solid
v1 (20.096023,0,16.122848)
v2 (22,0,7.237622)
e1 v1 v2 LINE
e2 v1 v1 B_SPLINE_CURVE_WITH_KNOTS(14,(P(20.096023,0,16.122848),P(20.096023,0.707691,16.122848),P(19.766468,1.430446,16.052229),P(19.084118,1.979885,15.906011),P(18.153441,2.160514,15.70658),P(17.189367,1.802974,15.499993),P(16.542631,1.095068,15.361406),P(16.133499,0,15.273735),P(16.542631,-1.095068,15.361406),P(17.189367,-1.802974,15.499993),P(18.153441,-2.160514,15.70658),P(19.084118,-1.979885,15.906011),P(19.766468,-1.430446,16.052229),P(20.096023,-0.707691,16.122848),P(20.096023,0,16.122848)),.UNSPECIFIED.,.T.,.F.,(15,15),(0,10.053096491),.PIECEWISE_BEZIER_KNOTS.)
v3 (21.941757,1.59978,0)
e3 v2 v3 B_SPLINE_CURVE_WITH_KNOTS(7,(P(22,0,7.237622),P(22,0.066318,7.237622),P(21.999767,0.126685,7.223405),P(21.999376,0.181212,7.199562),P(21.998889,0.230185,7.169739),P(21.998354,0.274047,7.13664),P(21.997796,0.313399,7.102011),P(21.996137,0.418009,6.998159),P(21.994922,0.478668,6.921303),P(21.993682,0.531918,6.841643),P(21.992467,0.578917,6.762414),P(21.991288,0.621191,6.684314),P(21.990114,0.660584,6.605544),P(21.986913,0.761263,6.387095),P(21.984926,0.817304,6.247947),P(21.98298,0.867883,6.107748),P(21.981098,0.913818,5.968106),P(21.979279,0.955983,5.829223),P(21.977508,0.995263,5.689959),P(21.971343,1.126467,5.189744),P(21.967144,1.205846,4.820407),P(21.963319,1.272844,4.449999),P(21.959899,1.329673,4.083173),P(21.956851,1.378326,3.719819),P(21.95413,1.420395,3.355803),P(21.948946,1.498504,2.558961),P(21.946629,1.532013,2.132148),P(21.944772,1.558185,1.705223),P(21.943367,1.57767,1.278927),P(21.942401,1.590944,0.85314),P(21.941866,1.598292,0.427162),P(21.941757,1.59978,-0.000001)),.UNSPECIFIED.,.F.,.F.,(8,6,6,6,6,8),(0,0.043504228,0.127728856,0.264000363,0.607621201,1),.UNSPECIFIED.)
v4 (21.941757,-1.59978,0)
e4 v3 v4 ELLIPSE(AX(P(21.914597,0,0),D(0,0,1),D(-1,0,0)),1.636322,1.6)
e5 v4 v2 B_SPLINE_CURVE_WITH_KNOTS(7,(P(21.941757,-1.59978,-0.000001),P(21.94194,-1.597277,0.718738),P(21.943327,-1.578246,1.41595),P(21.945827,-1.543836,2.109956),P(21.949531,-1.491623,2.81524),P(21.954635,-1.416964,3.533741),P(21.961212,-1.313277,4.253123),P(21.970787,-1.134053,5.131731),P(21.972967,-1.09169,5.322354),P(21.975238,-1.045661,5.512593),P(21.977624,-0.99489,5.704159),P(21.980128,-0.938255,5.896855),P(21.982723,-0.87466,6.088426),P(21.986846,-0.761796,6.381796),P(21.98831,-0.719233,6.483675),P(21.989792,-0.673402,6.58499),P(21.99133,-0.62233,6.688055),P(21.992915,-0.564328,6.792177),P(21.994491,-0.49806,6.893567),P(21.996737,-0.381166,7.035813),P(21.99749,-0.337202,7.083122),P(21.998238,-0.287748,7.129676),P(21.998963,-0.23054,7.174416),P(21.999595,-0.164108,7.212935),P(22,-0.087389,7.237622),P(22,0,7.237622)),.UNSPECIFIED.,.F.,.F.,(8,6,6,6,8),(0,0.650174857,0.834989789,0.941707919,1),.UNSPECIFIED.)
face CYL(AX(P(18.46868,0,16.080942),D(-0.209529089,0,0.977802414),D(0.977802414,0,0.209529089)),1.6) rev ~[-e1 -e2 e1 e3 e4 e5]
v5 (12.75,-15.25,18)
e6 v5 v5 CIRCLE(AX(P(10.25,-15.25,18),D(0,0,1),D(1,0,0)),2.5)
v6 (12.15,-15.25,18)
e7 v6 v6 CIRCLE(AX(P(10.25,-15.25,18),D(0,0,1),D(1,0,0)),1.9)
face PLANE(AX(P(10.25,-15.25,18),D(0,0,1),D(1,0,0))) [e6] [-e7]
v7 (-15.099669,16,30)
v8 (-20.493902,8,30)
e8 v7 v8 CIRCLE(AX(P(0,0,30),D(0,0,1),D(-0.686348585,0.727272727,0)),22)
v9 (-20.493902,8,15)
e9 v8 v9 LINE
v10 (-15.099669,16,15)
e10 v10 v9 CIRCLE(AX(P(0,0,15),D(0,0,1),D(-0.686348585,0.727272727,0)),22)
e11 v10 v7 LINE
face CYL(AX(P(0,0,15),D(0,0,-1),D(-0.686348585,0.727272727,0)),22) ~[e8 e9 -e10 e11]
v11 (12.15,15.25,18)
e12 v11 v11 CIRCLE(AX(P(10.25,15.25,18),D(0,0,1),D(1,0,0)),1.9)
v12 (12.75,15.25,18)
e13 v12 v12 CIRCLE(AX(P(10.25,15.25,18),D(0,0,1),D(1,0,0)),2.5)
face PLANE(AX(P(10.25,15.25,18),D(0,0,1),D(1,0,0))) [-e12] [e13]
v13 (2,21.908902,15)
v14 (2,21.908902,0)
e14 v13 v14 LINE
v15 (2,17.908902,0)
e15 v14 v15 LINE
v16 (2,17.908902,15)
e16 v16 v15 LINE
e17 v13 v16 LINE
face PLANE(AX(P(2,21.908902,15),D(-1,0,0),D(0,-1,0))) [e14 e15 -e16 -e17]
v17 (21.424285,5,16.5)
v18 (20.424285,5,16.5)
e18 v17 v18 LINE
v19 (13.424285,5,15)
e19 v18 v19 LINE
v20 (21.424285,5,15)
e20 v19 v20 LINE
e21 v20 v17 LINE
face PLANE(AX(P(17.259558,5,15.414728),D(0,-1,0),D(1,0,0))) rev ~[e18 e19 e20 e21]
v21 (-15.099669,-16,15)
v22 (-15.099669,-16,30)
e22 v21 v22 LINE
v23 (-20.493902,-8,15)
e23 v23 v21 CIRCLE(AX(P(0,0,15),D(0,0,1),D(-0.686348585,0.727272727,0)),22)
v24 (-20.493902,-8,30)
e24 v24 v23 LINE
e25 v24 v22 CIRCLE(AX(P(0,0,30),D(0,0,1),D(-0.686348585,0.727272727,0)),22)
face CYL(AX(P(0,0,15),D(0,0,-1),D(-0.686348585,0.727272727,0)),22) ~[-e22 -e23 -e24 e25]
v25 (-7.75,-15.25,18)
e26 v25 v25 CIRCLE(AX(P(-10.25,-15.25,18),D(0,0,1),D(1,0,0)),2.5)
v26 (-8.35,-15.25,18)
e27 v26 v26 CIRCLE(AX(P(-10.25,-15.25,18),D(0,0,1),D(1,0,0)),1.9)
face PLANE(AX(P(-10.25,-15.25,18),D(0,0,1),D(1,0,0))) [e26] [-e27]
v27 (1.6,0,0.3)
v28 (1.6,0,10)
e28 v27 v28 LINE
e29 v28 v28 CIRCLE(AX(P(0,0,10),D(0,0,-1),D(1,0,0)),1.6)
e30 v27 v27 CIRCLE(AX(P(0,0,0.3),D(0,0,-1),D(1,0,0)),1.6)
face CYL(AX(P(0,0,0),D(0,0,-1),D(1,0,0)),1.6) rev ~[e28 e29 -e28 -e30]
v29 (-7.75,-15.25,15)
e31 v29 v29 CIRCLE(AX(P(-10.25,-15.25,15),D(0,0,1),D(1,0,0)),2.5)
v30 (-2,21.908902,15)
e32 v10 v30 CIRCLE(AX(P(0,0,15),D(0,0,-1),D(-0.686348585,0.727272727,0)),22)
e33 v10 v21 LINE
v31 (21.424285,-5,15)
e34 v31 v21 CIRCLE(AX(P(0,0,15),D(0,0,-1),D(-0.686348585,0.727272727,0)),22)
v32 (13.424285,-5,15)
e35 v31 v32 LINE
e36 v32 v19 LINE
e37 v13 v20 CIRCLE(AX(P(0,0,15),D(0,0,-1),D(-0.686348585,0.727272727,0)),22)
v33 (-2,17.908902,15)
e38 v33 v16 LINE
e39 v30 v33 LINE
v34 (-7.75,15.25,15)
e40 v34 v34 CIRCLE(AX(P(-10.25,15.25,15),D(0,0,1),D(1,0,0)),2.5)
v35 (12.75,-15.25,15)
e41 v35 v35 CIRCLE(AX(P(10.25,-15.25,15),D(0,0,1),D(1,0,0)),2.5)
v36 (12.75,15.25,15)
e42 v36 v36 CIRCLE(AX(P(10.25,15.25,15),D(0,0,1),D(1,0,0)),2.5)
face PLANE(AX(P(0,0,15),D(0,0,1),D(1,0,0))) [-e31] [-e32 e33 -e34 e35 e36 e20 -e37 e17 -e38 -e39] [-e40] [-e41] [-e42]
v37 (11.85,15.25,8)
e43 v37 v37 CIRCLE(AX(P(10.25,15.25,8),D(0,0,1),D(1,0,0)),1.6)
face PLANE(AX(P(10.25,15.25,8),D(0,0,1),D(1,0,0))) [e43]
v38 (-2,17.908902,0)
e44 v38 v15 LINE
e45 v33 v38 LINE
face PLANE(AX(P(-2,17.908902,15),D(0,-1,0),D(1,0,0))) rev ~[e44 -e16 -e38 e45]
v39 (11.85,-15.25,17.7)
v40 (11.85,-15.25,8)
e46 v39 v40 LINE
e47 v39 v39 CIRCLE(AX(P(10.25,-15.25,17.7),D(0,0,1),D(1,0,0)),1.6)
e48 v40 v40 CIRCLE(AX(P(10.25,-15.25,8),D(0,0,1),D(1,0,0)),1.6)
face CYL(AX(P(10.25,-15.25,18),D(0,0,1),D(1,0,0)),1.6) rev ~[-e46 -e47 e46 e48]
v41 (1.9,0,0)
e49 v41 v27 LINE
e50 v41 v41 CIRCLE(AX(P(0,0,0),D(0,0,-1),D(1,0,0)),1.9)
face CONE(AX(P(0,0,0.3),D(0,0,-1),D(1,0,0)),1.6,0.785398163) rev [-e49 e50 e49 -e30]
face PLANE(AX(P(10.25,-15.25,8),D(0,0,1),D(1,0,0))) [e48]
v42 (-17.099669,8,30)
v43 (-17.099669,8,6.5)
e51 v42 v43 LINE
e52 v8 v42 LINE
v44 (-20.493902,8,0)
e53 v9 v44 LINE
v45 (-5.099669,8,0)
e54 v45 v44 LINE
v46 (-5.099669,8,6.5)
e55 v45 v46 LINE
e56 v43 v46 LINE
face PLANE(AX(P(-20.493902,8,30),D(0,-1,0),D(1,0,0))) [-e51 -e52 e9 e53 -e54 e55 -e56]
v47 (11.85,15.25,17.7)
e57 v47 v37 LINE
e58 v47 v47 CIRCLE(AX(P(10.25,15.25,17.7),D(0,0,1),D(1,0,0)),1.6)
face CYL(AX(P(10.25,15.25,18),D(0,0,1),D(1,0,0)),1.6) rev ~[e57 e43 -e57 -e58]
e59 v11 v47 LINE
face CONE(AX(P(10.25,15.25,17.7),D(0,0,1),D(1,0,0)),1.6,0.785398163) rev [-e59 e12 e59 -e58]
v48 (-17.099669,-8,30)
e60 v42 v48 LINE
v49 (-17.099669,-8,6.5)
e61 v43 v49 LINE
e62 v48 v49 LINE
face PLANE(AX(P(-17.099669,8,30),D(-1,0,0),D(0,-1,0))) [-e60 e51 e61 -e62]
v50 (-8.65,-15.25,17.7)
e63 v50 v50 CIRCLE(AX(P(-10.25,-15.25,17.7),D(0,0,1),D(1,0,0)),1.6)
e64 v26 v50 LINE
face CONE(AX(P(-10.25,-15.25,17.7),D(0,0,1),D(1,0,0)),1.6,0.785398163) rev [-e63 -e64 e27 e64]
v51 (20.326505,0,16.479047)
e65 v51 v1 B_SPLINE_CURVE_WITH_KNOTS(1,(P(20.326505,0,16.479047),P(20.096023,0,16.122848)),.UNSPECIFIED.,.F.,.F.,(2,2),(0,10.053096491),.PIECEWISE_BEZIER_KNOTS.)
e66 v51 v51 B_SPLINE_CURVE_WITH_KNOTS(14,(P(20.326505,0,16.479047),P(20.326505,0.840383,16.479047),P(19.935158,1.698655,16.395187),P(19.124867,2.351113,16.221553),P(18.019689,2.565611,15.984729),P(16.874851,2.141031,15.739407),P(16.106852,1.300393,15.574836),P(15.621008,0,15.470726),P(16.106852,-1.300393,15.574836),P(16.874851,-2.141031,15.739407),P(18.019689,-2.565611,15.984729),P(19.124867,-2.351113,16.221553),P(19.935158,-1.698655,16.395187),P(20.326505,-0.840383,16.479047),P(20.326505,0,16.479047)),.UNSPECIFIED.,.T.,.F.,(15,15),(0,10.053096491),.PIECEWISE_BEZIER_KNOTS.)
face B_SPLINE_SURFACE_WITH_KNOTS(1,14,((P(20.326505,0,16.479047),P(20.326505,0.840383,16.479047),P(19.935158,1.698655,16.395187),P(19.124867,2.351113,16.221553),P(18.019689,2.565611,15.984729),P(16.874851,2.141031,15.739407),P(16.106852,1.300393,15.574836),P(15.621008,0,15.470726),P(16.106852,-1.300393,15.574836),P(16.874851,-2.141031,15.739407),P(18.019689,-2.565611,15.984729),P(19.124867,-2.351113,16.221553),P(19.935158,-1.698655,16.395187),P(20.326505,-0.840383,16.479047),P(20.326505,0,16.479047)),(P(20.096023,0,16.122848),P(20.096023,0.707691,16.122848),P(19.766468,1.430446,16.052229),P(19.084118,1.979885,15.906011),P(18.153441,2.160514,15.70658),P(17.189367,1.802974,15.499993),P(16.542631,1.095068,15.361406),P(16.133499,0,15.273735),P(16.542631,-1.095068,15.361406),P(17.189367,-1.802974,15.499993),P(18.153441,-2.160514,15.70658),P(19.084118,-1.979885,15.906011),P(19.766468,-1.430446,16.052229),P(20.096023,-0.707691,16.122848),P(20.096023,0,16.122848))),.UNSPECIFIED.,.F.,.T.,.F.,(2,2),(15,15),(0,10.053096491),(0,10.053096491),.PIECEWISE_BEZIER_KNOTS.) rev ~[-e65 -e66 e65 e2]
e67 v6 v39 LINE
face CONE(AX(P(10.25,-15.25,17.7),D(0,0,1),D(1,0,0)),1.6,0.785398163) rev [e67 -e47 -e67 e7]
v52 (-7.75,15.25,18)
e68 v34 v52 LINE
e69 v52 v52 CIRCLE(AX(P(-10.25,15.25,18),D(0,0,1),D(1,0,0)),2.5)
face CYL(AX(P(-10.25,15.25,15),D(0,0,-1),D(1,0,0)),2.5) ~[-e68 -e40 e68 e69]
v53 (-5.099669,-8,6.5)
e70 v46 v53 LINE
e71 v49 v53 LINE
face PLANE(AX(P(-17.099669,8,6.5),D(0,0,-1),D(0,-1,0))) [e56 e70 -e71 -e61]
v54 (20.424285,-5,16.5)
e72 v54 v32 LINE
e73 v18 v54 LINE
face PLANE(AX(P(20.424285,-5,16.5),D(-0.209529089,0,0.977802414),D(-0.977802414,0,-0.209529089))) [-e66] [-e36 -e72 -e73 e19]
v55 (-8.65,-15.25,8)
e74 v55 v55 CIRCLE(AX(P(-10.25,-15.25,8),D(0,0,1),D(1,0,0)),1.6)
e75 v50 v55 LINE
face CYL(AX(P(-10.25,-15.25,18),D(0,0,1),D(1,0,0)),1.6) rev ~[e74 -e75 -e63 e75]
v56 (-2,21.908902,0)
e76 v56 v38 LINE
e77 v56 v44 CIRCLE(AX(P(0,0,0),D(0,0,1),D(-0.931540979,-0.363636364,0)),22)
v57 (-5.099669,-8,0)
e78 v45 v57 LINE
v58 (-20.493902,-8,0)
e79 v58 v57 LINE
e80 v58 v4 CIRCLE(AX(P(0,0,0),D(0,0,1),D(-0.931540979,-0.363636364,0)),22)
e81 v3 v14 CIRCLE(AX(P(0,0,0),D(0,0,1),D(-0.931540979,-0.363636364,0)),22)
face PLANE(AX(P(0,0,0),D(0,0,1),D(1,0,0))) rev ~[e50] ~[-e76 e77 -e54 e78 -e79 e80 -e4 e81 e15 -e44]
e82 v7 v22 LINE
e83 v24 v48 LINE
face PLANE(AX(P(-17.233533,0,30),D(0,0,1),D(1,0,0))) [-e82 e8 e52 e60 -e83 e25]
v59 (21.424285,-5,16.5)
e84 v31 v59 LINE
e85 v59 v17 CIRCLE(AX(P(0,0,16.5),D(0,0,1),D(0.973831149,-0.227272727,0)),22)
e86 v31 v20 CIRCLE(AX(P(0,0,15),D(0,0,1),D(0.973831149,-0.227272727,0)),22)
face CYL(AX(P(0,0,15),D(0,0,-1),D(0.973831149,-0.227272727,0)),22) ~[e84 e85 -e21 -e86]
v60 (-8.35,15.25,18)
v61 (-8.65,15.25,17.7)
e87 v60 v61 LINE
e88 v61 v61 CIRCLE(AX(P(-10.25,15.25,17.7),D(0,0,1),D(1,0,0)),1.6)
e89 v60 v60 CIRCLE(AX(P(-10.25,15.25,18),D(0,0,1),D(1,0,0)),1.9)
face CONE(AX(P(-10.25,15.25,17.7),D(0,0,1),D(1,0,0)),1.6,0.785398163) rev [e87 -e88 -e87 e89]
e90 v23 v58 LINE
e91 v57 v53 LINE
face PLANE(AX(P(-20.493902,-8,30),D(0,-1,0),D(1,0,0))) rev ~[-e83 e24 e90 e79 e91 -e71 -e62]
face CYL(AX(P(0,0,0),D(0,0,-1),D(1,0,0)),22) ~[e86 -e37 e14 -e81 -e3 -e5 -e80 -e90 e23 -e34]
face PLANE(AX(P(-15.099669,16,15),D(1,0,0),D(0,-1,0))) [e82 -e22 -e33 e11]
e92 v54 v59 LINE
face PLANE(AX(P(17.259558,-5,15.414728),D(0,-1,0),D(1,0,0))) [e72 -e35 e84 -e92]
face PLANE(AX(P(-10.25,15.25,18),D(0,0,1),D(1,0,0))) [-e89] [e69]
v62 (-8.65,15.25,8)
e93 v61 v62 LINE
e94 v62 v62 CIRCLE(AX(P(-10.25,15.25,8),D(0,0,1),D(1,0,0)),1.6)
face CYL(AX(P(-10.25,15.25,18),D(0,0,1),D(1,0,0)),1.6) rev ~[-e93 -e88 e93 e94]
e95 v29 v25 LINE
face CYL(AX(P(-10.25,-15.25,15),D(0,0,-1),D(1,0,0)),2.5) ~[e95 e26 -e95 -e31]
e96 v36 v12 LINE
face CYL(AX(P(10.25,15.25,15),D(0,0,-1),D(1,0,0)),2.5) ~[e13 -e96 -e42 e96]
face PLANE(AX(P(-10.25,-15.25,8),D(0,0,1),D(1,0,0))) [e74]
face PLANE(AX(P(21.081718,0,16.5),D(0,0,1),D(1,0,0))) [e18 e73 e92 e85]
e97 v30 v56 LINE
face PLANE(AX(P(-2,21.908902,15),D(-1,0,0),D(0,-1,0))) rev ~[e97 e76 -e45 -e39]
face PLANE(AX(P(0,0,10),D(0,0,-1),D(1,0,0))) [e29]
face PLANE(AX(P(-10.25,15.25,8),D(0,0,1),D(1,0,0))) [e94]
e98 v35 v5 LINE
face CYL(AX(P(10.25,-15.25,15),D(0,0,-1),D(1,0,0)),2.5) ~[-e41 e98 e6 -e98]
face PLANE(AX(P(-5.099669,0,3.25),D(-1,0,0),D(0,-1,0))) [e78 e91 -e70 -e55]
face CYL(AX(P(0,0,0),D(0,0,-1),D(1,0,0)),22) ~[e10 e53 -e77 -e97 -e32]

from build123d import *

# Parameters (mm, degrees)
SKETCH_R        = 22
PAD_DEPTH       = 15
PAD001_DEPTH    = 15
POCKET_DEPTH    = 30.001
SKETCH003_R     = 2.5
PAD002_DEPTH    = 3
SKETCH004_R     = 1.6
POCKET001_DEPTH = 10
POCKET002_DEPTH = 15.001
SKETCH006_W     = 16
SKETCH006_H     = 6.5
POCKET003_DEPTH = 12
PAD003_DEPTH    = 1.5
PAD004_DEPTH    = 10
SKETCH009_R     = 1.6
POCKET004_DEPTH = 16.4648979005
SKETCH010_R     = 1.6
POCKET005_DEPTH = 10
CHAMFER_SIZE    = 0.3
CHAMFER001_SIZE = 0.3
CHAMFER002_SIZE = 0.3
CHAMFER003_SIZE = 0.3
CHAMFER004_SIZE = 0.3
CHAMFER005_SIZE = 0.3


with BuildPart() as part:
    # Sketch → Pad (new body)
    with BuildSketch(Plane.XY):
        Circle(SKETCH_R)
    extrude(amount=PAD_DEPTH)

    # Sketch001 → Pad001 (new body)
    with BuildSketch(Plane.XY.offset(15)):
        with BuildLine():
            ThreePointArc((-15.0996688705, 16), (-22, 0), (-15.0996688705, -16))
            Line((-15.0996688705, 16), (-15.0996688705, -16))
        make_face()
    extrude(amount=PAD001_DEPTH)

    # Sketch002 → Pocket (cut, through all)
    with BuildSketch(Plane.XY.offset(30)):
        with BuildLine():
            ThreePointArc((-20.4939015319, 8), (-22, 0), (-20.4939015319, -8))
            Line((-20.4939015319, -8), (-17.0996688705, -8))
            Line((-17.0996688705, 8), (-17.0996688705, -8))
            Line((-20.4939015319, 8), (-17.0996688705, 8))
        make_face()
    extrude(amount=-POCKET_DEPTH, mode=Mode.SUBTRACT)

    # Sketch003 → Pad002 (new body)
    with BuildSketch(Plane.XY.offset(15)):
        with Locations((-10.25, 15.25)):
            Circle(SKETCH003_R)
        with Locations((10.25, 15.25)):
            Circle(SKETCH003_R)
        with Locations((-10.25, -15.25)):
            Circle(SKETCH003_R)
        with Locations((10.25, -15.25)):
            Circle(SKETCH003_R)
    extrude(amount=PAD002_DEPTH)

    # Sketch004 → Pocket001 (cut)
    with BuildSketch(Plane.XY.offset(18)):
        with Locations((-10.25, 15.25)):
            Circle(SKETCH004_R)
        with Locations((10.25, 15.25)):
            Circle(SKETCH004_R)
        with Locations((-10.25, -15.25)):
            Circle(SKETCH004_R)
        with Locations((10.25, -15.25)):
            Circle(SKETCH004_R)
    extrude(amount=-POCKET001_DEPTH, mode=Mode.SUBTRACT)

    # Sketch005 → Pocket002 (cut, through all)
    with BuildSketch(Plane.XY.offset(15)):
        with BuildLine():
            ThreePointArc((2, 21.9089023002), (0, 22), (-2, 21.9089023002))
            Line((-2, 21.9089023002), (-2, 17.9089023002))
            Line((-2, 17.9089023002), (2, 17.9089023002))
            Line((2, 21.9089023002), (2, 17.9089023002))
        make_face()
    extrude(amount=-POCKET002_DEPTH, mode=Mode.SUBTRACT)

    # Sketch006 → Pocket003 (cut)
    with BuildSketch(Plane(origin=(-17.0996688705, 0, 0), x_dir=(0, -1, 0), z_dir=(-1, 0, 0))):
        with Locations((0, 3.25)):
            Rectangle(SKETCH006_W, SKETCH006_H)
    extrude(amount=-POCKET003_DEPTH, mode=Mode.SUBTRACT)

    # Sketch007 → Pad003 (new body)
    with BuildSketch(Plane.XY.offset(15)):
        with BuildLine():
            ThreePointArc((21.4242852856, -5), (22, 0), (21.4242852856, 5))
            Line((21.4242852856, 5), (20.4242852856, 5))
            Line((20.4242852856, 5), (20.4242852856, -5))
            Line((20.4242852856, -5), (21.4242852856, -5))
        make_face()
    extrude(amount=PAD003_DEPTH)

    # Sketch008 → Pad004 (new body)
    with BuildSketch(Plane.XZ.offset(5)):
        Polygon((20.4242852856, 16.5), (13.4242852856, 15), (20.4242852856, 15), align=None)
    extrude(amount=-PAD004_DEPTH)

    # Sketch009 → Pocket004 (cut, through all)
    with BuildSketch(Plane(origin=(-2.4838118655, 0, 11.591122039), x_dir=(0.9778024141, 0, 0.2095290887), z_dir=(-0.2095290887, 0, 0.9778024141))):
        with Locations((21.4281454222, 0)):
            Circle(SKETCH009_R)
    extrude(amount=-POCKET004_DEPTH, mode=Mode.SUBTRACT)

    # Sketch010 → Pocket005 (cut)
    with BuildSketch(Plane(origin=(0, 0, 0), x_dir=(1, 0, 0), z_dir=(0, 0, -1))):
        Circle(SKETCH010_R)
    extrude(amount=-POCKET005_DEPTH, mode=Mode.SUBTRACT)

    # Chamfer
    chamfer_edges = [part.edges().sort_by_distance(p)[0] for p in [
        (8.65, 15.25, 18),
    ]]
    chamfer(chamfer_edges, length=CHAMFER_SIZE)

    # Chamfer001
    chamfer001_edges = [part.edges().sort_by_distance(p)[0] for p in [
        (-11.85, 15.25, 18),
    ]]
    chamfer(chamfer001_edges, length=CHAMFER001_SIZE)

    # Chamfer002
    chamfer002_edges = [part.edges().sort_by_distance(p)[0] for p in [
        (-11.85, -15.25, 18),
    ]]
    chamfer(chamfer002_edges, length=CHAMFER002_SIZE)

    # Chamfer003
    chamfer003_edges = [part.edges().sort_by_distance(p)[0] for p in [
        (8.65, -15.25, 18),
    ]]
    chamfer(chamfer003_edges, length=CHAMFER003_SIZE)

    # Chamfer004
    chamfer004_edges = [part.edges().sort_by_distance(p)[0] for p in [
        (16.904197, 0, 15.745695),
    ]]
    chamfer(chamfer004_edges, length=CHAMFER004_SIZE)

    # Chamfer005
    chamfer005_edges = [part.edges().sort_by_distance(p)[0] for p in [
        (-1.6, 0, 0),
    ]]
    chamfer(chamfer005_edges, length=CHAMFER005_SIZE)


solid = part.part
